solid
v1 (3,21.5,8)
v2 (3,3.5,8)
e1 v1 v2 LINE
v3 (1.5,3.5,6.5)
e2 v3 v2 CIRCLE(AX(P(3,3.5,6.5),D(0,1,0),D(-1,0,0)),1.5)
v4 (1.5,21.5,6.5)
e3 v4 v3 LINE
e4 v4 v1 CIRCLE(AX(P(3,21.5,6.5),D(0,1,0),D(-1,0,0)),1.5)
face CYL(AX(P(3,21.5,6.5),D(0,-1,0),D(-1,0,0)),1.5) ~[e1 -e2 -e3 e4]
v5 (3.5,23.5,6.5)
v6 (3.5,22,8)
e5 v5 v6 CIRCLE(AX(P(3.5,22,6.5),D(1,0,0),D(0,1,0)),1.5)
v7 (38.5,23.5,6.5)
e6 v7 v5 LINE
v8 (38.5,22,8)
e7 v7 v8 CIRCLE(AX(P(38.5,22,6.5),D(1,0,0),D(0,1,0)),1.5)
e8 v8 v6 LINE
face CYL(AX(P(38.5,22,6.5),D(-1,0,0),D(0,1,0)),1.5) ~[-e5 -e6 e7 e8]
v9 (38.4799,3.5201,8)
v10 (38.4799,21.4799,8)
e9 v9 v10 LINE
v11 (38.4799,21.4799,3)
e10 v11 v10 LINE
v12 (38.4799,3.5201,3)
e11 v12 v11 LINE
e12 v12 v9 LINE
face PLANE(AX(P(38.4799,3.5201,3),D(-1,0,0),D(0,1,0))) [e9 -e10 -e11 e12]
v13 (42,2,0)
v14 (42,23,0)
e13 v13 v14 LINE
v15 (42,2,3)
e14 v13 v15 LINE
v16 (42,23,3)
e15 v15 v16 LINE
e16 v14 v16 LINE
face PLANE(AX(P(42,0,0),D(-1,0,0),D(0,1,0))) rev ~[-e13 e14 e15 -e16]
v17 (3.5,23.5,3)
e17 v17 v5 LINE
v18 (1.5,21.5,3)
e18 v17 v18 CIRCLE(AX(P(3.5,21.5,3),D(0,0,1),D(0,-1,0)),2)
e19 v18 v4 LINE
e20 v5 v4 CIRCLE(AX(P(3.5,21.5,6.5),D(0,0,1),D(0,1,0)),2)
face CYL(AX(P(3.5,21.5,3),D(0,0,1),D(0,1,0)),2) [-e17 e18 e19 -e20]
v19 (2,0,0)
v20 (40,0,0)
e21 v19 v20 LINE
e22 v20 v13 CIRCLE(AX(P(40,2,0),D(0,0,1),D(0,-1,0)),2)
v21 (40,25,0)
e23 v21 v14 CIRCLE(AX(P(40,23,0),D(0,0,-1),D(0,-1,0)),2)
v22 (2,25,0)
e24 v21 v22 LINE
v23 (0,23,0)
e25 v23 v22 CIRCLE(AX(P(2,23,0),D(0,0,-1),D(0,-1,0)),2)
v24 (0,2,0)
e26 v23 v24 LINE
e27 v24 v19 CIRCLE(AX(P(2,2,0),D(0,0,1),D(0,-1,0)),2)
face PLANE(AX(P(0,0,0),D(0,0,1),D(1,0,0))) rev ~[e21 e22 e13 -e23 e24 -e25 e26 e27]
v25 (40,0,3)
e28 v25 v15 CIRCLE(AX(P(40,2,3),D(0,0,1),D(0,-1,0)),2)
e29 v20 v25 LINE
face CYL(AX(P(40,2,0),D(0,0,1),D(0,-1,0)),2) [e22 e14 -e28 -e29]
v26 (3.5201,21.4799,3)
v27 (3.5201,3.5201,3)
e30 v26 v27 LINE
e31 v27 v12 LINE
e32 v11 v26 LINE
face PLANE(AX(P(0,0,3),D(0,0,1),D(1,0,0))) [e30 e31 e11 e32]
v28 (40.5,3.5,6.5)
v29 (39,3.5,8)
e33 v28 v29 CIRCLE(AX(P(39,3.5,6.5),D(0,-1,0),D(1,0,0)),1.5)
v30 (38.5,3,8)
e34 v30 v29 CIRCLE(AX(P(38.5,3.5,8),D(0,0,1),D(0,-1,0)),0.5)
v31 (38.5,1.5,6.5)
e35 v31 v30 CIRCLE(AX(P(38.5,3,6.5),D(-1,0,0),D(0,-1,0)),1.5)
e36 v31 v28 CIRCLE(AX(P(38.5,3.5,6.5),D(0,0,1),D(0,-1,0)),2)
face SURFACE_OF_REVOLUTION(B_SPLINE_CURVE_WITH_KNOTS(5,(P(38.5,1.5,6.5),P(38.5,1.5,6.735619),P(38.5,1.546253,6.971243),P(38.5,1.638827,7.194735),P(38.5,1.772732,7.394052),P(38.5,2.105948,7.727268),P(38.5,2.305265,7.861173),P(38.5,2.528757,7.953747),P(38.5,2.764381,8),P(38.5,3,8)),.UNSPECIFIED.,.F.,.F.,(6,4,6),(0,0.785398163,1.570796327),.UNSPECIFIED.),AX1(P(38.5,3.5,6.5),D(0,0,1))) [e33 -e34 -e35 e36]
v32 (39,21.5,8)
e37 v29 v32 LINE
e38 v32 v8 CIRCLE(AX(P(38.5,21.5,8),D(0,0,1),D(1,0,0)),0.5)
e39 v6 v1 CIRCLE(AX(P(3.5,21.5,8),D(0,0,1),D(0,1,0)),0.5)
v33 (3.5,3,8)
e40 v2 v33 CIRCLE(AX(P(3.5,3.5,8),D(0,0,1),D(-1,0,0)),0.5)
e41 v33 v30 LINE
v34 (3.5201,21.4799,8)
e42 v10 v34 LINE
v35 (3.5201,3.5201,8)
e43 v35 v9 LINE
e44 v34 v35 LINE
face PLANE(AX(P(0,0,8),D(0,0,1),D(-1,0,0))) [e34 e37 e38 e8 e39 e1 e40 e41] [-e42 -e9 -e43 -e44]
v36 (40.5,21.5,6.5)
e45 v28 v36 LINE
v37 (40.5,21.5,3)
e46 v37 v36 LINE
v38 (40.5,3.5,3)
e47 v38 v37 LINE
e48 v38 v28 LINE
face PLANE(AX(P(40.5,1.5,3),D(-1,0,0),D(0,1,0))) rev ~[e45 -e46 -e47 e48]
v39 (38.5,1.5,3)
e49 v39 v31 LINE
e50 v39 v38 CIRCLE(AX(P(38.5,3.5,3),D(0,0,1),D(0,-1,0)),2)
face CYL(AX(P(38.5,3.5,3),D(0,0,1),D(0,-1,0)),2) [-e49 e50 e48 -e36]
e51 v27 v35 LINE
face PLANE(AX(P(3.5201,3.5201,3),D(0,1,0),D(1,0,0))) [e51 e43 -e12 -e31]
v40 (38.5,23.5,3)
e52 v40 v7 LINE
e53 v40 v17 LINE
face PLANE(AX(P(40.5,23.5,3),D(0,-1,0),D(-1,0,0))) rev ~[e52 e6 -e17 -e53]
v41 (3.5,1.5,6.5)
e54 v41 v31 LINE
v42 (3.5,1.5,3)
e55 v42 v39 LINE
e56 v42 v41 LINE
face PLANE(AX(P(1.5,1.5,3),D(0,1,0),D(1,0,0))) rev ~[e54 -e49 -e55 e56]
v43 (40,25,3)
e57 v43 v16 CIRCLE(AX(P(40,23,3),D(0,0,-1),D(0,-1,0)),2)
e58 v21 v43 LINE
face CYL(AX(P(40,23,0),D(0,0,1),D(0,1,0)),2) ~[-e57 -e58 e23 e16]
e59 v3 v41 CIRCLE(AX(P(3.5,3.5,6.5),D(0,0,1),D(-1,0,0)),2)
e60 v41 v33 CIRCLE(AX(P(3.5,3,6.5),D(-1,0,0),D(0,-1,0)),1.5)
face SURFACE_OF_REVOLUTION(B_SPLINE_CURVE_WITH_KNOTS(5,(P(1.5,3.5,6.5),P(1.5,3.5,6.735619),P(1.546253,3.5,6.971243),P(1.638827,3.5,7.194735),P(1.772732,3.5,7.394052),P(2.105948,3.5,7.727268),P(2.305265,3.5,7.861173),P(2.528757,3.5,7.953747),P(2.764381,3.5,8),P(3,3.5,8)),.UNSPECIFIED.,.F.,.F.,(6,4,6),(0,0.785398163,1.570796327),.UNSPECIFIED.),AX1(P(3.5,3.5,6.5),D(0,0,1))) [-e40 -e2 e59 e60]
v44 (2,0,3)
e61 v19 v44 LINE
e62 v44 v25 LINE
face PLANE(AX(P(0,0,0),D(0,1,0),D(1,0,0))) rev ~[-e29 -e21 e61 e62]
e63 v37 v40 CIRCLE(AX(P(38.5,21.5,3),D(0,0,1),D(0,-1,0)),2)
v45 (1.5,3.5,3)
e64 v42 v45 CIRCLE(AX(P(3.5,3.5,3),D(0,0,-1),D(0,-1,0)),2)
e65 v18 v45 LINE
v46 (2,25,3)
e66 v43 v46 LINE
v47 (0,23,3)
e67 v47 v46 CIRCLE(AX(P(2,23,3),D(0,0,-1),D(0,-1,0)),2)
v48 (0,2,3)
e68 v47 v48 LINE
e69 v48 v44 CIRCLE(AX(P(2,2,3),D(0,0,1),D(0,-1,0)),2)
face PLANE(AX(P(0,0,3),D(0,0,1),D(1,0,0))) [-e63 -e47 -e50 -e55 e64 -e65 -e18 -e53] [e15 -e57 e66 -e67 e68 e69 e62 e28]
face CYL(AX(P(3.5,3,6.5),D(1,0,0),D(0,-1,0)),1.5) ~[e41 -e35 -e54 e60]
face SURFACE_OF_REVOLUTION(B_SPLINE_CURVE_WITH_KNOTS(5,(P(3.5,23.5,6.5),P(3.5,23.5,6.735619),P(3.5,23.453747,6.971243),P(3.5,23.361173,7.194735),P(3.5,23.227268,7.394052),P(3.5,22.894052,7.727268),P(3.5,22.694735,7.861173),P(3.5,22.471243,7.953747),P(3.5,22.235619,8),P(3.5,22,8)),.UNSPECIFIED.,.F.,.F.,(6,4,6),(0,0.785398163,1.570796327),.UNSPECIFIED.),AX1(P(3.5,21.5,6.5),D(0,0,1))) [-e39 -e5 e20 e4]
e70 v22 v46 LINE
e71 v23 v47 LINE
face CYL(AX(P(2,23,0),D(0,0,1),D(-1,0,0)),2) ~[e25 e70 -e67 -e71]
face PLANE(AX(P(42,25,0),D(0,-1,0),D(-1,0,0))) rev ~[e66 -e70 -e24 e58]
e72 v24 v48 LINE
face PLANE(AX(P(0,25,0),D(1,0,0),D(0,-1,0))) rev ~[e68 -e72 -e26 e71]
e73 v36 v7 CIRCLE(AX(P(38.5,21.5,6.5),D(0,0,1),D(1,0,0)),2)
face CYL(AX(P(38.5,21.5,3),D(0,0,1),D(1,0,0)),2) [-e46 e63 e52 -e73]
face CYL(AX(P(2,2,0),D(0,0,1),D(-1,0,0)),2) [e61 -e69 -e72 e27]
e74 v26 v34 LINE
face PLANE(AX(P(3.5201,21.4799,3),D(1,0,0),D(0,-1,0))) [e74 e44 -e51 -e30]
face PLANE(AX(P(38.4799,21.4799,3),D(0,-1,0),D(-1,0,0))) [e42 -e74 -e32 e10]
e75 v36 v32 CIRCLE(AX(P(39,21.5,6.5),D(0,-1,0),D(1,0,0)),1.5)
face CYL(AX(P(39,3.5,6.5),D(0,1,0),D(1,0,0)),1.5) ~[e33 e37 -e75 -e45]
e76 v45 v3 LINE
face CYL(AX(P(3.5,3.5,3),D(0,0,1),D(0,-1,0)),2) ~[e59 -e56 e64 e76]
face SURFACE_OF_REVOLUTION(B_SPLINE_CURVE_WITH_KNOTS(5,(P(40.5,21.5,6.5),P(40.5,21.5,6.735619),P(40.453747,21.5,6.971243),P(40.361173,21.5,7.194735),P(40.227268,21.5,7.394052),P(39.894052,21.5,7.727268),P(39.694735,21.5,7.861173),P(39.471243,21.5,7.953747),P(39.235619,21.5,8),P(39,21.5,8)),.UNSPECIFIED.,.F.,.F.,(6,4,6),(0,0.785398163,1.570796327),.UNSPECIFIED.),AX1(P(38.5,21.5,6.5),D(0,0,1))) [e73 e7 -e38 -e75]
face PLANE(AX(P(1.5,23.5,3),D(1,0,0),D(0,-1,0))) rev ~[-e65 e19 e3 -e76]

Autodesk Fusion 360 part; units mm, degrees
sketch "Skizze1" plane through (0, 0, 0) normal (0, 0, 1) x (1, 0, 0)
  line L0 (0, 0) -> (42, 0)
  line L1 (42, 0) -> (42, 25)
  line L2 (42, 25) -> (0, 25)
  line L3 (0, 25) -> (0, 0)
  dimension "d1" = 42
  dimension "d2" = 25
extrude "Extrusion1" add sketch "Skizze1" along normal blind 3
sketch "Skizze2" plane through (0, 0, 3) normal (0, 0, 1) x (-1, 0, 0)
  line L0 (0, -25) -> (0, 0)
  line L1 (0, 0) -> (-42, 0)
  line L2 (-42, 0) -> (-42, -25)
  line L3 (-42, -25) -> (0, -25)
  line L4 (-40.5, -1.5) -> (-40.5, -23.5)
  line L5 (-40.5, -23.5) -> (-1.5, -23.5)
  line L6 (-1.5, -23.5) -> (-1.5, -1.5)
  line L7 (-1.5, -1.5) -> (-40.5, -1.5)
  line L8 (-38.4799, -3.5201) -> (-38.4799, -21.4799)
  line L9 (-38.4799, -21.4799) -> (-3.5201, -21.4799)
  line L10 (-3.5201, -21.4799) -> (-3.5201, -3.5201)
  line L11 (-3.5201, -3.5201) -> (-38.4799, -3.5201)
  dimension "d6" = -1.5
  dimension "d7" = -3.5201
extrude "Extrusion2" add sketch "Skizze2" along normal blind 5 contours L4 L5 L6 L7
fillet "Abrundung1" radius 2 8 edges at (0, 25, 1.5) (1.5, 23.5, 5.5) (40.5, 23.5, 5.5) (42, 25, 1.5) (0, 0, 1.5) (1.5, 1.5, 5.5) (40.5, 1.5, 5.5) (42, 0, 1.5)
fillet "Abrundung2" radius 1.5 8 edges at (39.9142, 2.0858, 8) (40.5, 12.5, 8) (39.9142, 22.9142, 8) (21, 23.5, 8) (2.0858, 22.9142, 8) (1.5, 12.5, 8) (2.0858, 2.0858, 8) (21, 1.5, 8)
